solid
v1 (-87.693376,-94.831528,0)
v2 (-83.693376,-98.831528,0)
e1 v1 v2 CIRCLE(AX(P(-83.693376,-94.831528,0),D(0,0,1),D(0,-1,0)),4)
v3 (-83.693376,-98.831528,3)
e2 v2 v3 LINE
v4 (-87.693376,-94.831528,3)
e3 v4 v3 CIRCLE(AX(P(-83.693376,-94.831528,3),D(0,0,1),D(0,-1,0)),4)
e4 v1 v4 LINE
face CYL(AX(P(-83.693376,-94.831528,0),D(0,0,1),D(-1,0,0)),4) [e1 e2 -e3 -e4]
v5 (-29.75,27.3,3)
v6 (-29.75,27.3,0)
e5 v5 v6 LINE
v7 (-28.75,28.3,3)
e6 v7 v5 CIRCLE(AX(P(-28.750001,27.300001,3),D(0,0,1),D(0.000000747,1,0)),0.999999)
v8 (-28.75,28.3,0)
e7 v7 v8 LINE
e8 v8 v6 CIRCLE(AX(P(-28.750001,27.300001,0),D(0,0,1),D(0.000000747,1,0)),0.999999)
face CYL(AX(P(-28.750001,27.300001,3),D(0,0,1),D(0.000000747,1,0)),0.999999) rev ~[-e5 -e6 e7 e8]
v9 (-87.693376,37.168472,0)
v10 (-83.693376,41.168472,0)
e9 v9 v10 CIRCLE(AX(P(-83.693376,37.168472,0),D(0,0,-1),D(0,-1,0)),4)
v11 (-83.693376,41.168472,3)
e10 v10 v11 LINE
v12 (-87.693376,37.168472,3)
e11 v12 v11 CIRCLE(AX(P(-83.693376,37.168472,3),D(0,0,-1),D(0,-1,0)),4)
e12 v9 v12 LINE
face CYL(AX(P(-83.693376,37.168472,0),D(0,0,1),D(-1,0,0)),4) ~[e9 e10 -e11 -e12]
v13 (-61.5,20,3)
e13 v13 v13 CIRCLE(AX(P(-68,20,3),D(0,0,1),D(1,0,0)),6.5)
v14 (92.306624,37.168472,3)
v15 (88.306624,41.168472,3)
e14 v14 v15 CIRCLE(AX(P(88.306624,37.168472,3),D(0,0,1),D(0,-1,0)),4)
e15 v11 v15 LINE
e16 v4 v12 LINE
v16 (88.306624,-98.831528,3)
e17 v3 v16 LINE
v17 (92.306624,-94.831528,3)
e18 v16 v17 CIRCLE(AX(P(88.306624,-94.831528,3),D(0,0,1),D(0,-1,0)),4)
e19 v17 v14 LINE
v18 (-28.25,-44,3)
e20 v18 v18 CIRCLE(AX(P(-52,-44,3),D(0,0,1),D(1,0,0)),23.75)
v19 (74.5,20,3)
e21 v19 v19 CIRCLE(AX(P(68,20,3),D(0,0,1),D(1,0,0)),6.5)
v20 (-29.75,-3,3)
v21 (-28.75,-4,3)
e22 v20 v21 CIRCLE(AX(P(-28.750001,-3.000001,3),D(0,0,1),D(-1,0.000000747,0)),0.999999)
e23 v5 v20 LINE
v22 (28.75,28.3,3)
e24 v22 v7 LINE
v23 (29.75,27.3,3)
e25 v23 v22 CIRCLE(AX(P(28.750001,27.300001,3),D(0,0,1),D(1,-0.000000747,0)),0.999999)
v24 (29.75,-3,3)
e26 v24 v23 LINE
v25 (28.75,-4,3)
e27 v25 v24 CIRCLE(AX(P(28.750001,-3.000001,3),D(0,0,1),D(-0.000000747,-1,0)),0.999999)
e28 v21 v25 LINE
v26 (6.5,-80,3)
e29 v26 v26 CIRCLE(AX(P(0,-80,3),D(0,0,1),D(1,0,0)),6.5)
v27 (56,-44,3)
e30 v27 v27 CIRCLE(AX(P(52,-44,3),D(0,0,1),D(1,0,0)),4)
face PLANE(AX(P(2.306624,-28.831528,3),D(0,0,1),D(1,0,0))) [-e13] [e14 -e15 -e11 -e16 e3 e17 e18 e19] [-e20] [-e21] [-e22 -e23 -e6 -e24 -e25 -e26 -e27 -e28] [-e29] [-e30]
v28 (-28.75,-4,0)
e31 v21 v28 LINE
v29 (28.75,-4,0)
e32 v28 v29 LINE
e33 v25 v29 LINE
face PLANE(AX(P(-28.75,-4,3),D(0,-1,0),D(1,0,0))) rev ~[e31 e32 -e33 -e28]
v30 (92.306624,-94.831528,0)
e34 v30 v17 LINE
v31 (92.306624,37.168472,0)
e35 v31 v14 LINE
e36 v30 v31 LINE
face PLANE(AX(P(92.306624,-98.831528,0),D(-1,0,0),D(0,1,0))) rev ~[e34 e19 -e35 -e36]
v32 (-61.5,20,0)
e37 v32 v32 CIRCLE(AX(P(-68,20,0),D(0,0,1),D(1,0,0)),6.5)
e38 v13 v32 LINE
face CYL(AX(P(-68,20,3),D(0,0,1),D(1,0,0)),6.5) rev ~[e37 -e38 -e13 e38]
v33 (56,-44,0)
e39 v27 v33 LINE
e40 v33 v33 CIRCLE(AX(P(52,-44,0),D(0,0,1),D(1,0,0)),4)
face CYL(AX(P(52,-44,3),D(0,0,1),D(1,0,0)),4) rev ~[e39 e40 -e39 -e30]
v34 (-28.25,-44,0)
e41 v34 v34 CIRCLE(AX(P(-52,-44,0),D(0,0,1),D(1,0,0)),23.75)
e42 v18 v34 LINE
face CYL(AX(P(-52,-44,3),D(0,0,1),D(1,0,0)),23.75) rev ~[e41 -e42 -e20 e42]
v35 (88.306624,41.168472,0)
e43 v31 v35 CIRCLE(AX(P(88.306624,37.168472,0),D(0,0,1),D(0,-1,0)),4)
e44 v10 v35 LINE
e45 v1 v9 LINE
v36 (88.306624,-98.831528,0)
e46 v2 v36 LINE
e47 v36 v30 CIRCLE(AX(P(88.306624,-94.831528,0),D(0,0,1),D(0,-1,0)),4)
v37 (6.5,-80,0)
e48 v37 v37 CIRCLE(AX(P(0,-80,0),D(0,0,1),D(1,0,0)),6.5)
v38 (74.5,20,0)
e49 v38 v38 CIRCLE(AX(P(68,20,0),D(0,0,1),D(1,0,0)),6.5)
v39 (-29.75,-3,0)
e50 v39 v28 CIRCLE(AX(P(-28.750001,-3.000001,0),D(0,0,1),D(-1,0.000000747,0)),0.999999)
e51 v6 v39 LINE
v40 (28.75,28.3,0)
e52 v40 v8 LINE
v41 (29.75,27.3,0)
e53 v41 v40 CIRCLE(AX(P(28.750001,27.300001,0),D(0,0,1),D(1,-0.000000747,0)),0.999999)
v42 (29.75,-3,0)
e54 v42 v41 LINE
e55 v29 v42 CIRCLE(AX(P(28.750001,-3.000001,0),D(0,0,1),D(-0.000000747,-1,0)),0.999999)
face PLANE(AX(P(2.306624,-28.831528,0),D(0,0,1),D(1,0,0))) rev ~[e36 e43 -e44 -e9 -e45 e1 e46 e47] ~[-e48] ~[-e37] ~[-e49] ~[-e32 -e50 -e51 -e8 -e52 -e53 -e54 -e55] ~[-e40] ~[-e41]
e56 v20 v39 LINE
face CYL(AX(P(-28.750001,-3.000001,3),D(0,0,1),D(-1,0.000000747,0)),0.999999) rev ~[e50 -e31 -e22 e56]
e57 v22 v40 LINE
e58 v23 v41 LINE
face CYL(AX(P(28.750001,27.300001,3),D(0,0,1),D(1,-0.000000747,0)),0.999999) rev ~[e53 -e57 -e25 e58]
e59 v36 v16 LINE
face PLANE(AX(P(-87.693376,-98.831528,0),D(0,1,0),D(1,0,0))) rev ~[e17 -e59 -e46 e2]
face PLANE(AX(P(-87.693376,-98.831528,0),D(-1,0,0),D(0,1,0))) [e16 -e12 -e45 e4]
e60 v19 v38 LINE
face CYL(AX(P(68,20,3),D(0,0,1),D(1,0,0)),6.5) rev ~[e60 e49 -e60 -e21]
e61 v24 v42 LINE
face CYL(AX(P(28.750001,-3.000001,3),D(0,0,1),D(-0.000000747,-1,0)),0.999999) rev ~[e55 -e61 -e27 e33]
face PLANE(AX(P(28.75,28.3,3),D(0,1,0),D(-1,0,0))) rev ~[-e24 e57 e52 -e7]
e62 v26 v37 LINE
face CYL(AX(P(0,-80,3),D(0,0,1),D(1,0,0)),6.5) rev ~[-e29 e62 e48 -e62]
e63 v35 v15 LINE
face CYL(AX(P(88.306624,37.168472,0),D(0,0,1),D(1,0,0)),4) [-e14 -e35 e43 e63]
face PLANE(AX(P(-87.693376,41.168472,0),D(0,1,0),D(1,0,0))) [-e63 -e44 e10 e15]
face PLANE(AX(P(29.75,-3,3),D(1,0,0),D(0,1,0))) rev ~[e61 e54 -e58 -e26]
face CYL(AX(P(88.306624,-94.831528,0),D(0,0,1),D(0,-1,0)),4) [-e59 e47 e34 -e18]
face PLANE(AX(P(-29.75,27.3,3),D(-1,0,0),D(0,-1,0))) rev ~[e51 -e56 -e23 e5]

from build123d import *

# Parameters (mm, degrees)
SKETCH030_W     = 180
SKETCH030_H     = 140
PAD008_DEPTH    = 3
FILLET002_R     = 4
SKETCH031_R     = 6.5
SKETCH031_R_2   = 23.75
SKETCH031_R_3   = 4
POCKET006_DEPTH = 3.001


with BuildPart() as part:
    # Sketch030 (on XY_Plane010 of Origin021) → Pad008 (new body)
    with BuildSketch(Plane.XY):
        with Locations((2.306624, -28.831528)):
            Rectangle(SKETCH030_W, SKETCH030_H)
    extrude(amount=PAD008_DEPTH)

    # Fillet002
    fillet002_edges = [part.edges().sort_by_distance(p)[0] for p in [
        (-87.693376, 41.168472, 1.5),
        (92.306624, 41.168472, 1.5),
        (92.306624, -98.831528, 1.5),
        (-87.693376, -98.831528, 1.5),
    ]]
    fillet(fillet002_edges, radius=FILLET002_R)

    # Sketch031 (on Face5 of Fillet002) → Pocket006 (cut, through all)
    with BuildSketch(Plane.XY.offset(3)):
        with Locations((-68, 20)):
            Circle(SKETCH031_R)
        with Locations((-52, -44)):
            Circle(SKETCH031_R_2)
        with Locations((52, -44)):
            Circle(SKETCH031_R_3)
        with Locations((0, -80)):
            Circle(SKETCH031_R)
        with Locations((68, 20)):
            Circle(SKETCH031_R)
        with BuildLine():
            Line((-28.75, -4), (28.75, -4))
            ThreePointArc((28.75, -4), (29.457107, -3.707107), (29.75, -3))
            Line((29.75, -3), (29.75, 27.3))
            ThreePointArc((29.75, 27.3), (29.457107, 28.007107), (28.75, 28.3))
            Line((28.75, 28.3), (-28.75, 28.3))
            ThreePointArc((-28.75, 28.3), (-29.457107, 28.007107), (-29.75, 27.3))
            Line((-29.75, 27.3), (-29.75, -3))
            ThreePointArc((-29.75, -3), (-29.457107, -3.707107), (-28.75, -4))
        make_face()
    extrude(amount=-POCKET006_DEPTH, mode=Mode.SUBTRACT)


solid = part.part
